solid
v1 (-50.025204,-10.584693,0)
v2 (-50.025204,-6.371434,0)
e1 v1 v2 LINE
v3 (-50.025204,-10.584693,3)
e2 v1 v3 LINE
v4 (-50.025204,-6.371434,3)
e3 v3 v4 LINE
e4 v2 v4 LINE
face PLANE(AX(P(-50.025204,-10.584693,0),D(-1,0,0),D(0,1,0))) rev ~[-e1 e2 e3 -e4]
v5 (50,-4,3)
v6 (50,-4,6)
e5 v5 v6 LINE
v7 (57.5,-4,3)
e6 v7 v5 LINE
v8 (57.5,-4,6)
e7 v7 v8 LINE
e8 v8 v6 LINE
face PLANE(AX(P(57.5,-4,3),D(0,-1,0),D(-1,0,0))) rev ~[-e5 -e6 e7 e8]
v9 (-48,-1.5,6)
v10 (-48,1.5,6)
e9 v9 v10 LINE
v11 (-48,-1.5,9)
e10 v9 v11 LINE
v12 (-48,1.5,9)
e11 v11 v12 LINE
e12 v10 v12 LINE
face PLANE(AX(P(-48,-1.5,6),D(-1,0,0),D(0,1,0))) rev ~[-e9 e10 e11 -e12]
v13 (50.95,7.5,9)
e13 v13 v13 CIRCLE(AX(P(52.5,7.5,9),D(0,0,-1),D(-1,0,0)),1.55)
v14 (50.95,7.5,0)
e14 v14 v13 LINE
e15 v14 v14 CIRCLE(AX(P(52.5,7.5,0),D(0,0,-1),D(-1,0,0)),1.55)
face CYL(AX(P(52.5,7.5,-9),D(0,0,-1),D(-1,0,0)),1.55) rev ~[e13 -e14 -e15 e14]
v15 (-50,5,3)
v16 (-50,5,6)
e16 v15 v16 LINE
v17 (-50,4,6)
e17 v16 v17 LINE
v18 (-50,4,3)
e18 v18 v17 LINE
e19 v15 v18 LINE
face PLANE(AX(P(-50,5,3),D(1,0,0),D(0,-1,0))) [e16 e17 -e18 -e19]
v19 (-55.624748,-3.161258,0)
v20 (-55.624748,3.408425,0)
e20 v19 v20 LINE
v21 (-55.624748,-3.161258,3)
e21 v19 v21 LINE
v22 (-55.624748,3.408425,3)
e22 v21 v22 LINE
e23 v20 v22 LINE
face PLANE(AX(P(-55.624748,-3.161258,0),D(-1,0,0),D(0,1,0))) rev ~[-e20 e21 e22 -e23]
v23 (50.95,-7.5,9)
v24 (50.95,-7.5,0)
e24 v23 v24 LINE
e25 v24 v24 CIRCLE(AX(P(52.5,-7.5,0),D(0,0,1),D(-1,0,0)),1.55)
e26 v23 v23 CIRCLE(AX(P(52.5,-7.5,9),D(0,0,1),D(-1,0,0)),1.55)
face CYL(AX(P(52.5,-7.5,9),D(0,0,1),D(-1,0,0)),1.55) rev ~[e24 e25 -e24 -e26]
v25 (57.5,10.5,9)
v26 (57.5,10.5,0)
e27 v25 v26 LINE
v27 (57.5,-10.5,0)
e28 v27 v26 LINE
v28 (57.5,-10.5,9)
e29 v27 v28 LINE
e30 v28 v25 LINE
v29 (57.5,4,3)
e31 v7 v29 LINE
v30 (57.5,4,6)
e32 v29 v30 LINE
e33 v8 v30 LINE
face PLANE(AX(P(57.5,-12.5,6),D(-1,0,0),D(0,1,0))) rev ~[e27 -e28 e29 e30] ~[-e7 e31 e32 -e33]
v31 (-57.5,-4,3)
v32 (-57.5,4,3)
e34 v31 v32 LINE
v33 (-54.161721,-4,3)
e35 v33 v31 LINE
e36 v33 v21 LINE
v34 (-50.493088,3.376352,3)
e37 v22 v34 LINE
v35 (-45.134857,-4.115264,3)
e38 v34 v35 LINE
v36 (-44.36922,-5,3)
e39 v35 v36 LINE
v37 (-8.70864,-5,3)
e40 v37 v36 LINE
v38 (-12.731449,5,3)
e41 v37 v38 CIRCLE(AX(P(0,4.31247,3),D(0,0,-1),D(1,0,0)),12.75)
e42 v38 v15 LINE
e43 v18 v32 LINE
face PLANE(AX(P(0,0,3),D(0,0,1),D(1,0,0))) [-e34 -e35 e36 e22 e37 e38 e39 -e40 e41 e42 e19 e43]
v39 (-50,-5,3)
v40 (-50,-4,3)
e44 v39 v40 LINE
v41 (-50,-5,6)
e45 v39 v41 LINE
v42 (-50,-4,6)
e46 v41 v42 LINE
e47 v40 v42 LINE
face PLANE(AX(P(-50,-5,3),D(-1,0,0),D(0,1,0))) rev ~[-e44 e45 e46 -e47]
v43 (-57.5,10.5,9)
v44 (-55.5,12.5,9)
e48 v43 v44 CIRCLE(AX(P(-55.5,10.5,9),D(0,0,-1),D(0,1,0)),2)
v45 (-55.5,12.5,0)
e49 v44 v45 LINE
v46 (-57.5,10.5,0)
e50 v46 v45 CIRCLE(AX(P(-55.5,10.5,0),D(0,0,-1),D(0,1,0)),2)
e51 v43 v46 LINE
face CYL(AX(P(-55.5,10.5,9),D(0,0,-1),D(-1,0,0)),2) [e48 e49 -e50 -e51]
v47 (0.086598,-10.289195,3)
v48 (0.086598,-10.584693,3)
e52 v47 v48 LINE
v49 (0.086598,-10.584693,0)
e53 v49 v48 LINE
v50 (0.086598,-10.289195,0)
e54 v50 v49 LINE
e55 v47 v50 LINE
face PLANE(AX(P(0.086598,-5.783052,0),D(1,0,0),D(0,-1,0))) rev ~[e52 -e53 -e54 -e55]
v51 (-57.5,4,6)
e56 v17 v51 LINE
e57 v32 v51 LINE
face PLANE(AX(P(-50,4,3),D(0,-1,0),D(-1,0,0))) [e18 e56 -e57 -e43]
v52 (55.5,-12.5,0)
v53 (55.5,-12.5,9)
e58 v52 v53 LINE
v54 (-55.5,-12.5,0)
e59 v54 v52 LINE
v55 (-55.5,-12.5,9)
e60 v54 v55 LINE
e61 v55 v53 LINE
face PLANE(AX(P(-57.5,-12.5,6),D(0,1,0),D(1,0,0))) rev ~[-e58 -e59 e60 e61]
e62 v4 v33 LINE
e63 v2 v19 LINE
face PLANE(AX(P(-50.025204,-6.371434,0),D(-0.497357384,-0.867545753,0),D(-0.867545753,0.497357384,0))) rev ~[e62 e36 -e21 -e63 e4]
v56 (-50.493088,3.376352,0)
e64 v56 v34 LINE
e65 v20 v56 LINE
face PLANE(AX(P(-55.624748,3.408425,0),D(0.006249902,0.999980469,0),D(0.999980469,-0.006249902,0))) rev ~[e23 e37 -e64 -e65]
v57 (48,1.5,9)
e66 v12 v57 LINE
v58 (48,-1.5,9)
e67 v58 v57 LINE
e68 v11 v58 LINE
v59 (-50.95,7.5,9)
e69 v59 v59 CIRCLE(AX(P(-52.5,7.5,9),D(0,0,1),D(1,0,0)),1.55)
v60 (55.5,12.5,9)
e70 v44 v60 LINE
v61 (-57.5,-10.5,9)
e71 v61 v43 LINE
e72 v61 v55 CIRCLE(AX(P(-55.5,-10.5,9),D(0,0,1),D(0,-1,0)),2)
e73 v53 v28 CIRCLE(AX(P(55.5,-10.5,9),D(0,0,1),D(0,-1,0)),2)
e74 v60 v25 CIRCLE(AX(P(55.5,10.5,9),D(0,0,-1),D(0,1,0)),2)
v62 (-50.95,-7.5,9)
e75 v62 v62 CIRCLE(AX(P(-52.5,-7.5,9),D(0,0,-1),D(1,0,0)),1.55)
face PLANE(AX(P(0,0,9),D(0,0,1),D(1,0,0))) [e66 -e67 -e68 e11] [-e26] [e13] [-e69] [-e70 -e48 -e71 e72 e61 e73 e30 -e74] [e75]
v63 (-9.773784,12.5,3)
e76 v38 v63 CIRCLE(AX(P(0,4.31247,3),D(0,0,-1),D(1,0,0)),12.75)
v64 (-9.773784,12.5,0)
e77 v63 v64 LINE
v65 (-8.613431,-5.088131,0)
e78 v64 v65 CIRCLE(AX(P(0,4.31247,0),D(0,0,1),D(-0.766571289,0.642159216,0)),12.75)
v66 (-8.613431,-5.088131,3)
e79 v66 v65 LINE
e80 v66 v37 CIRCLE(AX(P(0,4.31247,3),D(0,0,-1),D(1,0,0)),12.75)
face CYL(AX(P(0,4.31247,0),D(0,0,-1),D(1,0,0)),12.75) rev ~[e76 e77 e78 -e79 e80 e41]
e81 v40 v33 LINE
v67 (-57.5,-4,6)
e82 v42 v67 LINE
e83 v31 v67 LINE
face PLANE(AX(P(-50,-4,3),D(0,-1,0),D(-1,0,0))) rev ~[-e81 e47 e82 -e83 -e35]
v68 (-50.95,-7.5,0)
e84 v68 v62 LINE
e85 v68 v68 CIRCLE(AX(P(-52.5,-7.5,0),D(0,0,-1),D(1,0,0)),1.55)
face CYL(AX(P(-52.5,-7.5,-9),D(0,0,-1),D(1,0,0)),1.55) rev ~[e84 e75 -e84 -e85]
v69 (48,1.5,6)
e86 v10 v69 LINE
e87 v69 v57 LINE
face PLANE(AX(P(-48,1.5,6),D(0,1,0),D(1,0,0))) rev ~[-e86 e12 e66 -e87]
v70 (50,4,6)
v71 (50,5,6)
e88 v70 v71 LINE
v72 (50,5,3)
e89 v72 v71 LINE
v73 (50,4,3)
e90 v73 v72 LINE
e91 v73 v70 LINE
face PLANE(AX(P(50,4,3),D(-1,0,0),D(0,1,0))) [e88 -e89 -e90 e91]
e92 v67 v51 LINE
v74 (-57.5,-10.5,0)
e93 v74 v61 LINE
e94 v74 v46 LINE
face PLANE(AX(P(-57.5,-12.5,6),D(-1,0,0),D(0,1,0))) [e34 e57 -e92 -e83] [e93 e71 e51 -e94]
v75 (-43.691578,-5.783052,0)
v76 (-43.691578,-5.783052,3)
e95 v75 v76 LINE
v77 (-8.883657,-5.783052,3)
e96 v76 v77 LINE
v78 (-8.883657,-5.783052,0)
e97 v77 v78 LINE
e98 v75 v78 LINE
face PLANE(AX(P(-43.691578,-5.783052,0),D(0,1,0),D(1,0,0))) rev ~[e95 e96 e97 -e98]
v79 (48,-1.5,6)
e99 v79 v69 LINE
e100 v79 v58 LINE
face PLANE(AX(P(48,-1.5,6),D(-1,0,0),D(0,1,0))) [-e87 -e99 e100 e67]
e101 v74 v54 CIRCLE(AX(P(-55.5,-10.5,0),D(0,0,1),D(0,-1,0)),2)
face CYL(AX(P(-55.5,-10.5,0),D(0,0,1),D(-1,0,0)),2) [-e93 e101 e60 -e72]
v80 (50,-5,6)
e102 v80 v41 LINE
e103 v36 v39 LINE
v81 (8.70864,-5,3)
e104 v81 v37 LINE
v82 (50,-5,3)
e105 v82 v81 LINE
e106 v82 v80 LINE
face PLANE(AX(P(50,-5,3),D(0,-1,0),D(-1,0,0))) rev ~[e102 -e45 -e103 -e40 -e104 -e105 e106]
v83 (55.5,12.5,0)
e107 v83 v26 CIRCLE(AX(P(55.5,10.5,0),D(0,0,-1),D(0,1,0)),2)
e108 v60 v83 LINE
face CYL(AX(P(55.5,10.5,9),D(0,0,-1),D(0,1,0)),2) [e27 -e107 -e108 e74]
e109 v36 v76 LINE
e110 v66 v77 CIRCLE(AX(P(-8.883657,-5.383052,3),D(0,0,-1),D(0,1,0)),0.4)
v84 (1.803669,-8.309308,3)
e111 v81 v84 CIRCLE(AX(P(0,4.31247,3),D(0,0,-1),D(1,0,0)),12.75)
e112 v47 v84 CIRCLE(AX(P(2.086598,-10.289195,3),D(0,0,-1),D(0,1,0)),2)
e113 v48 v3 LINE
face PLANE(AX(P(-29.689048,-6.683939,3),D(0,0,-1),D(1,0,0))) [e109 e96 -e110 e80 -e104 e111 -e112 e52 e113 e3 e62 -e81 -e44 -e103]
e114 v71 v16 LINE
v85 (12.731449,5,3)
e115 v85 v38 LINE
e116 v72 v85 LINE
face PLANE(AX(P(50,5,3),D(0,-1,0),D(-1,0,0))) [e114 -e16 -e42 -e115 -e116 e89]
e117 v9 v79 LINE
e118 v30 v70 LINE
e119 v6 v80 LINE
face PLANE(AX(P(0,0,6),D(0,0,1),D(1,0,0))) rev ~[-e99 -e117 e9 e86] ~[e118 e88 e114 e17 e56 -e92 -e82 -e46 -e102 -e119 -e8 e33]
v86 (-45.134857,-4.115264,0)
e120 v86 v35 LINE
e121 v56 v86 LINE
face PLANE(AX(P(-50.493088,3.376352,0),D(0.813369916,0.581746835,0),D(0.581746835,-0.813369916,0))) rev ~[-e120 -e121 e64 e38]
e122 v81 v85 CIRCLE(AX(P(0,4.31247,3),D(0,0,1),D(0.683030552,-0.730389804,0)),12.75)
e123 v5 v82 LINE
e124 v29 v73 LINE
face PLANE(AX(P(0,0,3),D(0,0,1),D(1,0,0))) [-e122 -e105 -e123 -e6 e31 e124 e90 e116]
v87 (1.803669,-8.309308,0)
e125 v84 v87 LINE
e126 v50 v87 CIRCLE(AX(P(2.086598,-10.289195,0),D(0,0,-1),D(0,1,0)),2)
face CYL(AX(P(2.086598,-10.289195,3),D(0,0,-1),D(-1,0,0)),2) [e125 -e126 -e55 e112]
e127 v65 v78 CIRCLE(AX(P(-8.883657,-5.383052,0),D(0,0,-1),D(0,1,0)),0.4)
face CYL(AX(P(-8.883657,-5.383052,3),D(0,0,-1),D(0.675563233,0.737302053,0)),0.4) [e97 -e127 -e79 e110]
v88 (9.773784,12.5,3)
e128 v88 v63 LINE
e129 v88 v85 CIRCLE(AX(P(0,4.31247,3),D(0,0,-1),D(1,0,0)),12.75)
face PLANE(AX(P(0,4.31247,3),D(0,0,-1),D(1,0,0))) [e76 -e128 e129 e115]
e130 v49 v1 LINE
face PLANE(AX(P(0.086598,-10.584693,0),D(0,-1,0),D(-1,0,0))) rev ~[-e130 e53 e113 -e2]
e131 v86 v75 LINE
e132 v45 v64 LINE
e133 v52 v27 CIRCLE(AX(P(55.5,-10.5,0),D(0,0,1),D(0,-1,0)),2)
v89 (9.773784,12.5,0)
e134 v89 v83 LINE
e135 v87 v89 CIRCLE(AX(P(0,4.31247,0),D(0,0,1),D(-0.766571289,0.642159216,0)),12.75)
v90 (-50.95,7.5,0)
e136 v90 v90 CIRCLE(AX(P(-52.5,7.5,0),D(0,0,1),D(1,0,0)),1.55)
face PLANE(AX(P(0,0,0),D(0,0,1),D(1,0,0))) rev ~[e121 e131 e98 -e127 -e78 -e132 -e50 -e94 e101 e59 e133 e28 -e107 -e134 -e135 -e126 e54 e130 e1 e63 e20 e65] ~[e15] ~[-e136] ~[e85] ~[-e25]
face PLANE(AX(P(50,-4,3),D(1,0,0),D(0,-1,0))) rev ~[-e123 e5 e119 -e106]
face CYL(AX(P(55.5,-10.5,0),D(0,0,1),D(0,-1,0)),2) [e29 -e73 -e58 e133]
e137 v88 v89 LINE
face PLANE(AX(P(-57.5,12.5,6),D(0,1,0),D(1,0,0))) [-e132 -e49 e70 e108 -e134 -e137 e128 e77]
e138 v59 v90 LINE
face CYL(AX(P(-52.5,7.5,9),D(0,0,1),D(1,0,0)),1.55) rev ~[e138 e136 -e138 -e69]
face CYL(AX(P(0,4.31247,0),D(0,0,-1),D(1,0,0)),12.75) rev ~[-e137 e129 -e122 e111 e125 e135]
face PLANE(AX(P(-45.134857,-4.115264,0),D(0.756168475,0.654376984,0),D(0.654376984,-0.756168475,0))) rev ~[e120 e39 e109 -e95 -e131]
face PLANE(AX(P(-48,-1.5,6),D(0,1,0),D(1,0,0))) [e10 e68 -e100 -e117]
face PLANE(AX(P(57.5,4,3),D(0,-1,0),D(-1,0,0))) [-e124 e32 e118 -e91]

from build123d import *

# Parameters (mm, degrees)
SKETCH_W              = 115
SKETCH_H              = 25
PAD_DEPTH             = 3
PAD001_DEPTH          = 3
SKETCH002_W           = 115
SKETCH002_H           = 25
SKETCH002_W_2         = 96
SKETCH002_H_2         = 3
PAD002_DEPTH          = 3
SKETCH003_R           = 1.55
POCKET_DEPTH          = 245.060315
POLARPATTERN_COUNT    = 2
POLARPATTERN001_COUNT = 2
POLARPATTERN002_COUNT = 2
FILLET_R              = 2
SKETCH004_R           = 12.75
POCKET001_DEPTH       = 3
POCKET002_DEPTH       = 3
FILLET001_R           = 0.4
FILLET002_R           = 2


with BuildPart() as part:
    # Sketch → Pad (new body)
    with BuildSketch(Plane.XY):
        Rectangle(SKETCH_W, SKETCH_H)
    extrude(amount=PAD_DEPTH)

    # Sketch001 (on Face6 of Pad) → Pad001 (join)
    with BuildSketch(Plane.XY.offset(3)):
        Polygon((-57.5, 12.5), (57.5, 12.5), (57.5, 4), (50, 4), (50, 5), (-50, 5), (-50, 4), (-57.5, 4), align=None)
        Polygon((-57.5, -12.5), (57.5, -12.5), (57.5, -4), (50, -4), (50, -5), (-50, -5), (-50, -4), (-57.5, -4), align=None)
    extrude(amount=PAD001_DEPTH)

    # Sketch002 (on Face12 of Pad001) → Pad002 (join)
    with BuildSketch(Plane.XY.offset(6)):
        Rectangle(SKETCH002_W, SKETCH002_H)
        Rectangle(SKETCH002_W_2, SKETCH002_H_2, mode=Mode.SUBTRACT)
    extrude(amount=PAD002_DEPTH)

    # Sketch003 (on Face26 of Pad002) → Pocket (cut, through all)
    with BuildSketch(Plane.XY.offset(9)):
        with Locations((-52.5, 7.5)):
            Circle(SKETCH003_R)
    pocket = extrude(amount=-POCKET_DEPTH, mode=Mode.SUBTRACT)

    # PolarPattern: Pocket ×2 about axis
    polarpattern_axis = Axis((0, 0, 0), (0, 1, 0))
    for i in range(1, POLARPATTERN_COUNT):
        add(pocket.rotate(polarpattern_axis, i * 360 / POLARPATTERN_COUNT), mode=Mode.SUBTRACT)

    # PolarPattern001: Pocket ×2 about axis
    polarpattern001_axis = Axis((0, 0, 0), (1, 0, 0))
    for i in range(1, POLARPATTERN001_COUNT):
        add(pocket.rotate(polarpattern001_axis, i * 360 / POLARPATTERN001_COUNT), mode=Mode.SUBTRACT)

    # PolarPattern002: Pocket ×2 about axis
    polarpattern002_axis = Axis((0, 0, 9), (0, 0, 1))
    for i in range(1, POLARPATTERN002_COUNT):
        add(pocket.rotate(polarpattern002_axis, i * 360 / POLARPATTERN002_COUNT), mode=Mode.SUBTRACT)

    # Fillet
    fillet_edges = [part.edges().sort_by_distance(p)[0] for p in [
        (57.5, 12.5, 7.5),
        (57.5, 12.5, 4.5),
        (57.5, 12.5, 1.5),
        (57.5, -12.5, 7.5),
        (-57.5, 12.5, 7.5),
        (-57.5, -12.5, 7.5),
    ]]
    fillet(fillet_edges, radius=FILLET_R)

    # Sketch004 (on Face2 of Fillet) → Pocket001 (cut)
    with BuildSketch(Plane(origin=(0, 0, 0), x_dir=(1, 0, 0), z_dir=(0, 0, -1))):
        with Locations((0, -4.31247)):
            Circle(SKETCH004_R)
    extrude(amount=-POCKET001_DEPTH, mode=Mode.SUBTRACT)

    # Sketch005 (on Face2 of Pocket001) → Pocket002 (cut)
    with BuildSketch(Plane(origin=(0, 0, 0), x_dir=(1, 0, 0), z_dir=(0, 0, -1))):
        Polygon((0.086598, 10.584693), (-50.025204, 10.584693), (-50.025204, 6.371434), (-55.624748, 3.161258), (-55.624748, -3.408425), (-50.493088, -3.376352), (-45.134857, 4.115264), (-43.691578, 5.783052), (0.086598, 5.783052), align=None)
    extrude(amount=-POCKET002_DEPTH, mode=Mode.SUBTRACT)

    # Fillet001
    fillet001_edges = [part.edges().sort_by_distance(p)[0] for p in [
        (-7.787357, -5.783052, 1.5),
    ]]
    fillet(fillet001_edges, radius=FILLET001_R)

    # Fillet002
    fillet002_edges = [part.edges().sort_by_distance(p)[0] for p in [
        (0.086598, -8.437236, 1.5),
    ]]
    fillet(fillet002_edges, radius=FILLET002_R)


solid = part.part
